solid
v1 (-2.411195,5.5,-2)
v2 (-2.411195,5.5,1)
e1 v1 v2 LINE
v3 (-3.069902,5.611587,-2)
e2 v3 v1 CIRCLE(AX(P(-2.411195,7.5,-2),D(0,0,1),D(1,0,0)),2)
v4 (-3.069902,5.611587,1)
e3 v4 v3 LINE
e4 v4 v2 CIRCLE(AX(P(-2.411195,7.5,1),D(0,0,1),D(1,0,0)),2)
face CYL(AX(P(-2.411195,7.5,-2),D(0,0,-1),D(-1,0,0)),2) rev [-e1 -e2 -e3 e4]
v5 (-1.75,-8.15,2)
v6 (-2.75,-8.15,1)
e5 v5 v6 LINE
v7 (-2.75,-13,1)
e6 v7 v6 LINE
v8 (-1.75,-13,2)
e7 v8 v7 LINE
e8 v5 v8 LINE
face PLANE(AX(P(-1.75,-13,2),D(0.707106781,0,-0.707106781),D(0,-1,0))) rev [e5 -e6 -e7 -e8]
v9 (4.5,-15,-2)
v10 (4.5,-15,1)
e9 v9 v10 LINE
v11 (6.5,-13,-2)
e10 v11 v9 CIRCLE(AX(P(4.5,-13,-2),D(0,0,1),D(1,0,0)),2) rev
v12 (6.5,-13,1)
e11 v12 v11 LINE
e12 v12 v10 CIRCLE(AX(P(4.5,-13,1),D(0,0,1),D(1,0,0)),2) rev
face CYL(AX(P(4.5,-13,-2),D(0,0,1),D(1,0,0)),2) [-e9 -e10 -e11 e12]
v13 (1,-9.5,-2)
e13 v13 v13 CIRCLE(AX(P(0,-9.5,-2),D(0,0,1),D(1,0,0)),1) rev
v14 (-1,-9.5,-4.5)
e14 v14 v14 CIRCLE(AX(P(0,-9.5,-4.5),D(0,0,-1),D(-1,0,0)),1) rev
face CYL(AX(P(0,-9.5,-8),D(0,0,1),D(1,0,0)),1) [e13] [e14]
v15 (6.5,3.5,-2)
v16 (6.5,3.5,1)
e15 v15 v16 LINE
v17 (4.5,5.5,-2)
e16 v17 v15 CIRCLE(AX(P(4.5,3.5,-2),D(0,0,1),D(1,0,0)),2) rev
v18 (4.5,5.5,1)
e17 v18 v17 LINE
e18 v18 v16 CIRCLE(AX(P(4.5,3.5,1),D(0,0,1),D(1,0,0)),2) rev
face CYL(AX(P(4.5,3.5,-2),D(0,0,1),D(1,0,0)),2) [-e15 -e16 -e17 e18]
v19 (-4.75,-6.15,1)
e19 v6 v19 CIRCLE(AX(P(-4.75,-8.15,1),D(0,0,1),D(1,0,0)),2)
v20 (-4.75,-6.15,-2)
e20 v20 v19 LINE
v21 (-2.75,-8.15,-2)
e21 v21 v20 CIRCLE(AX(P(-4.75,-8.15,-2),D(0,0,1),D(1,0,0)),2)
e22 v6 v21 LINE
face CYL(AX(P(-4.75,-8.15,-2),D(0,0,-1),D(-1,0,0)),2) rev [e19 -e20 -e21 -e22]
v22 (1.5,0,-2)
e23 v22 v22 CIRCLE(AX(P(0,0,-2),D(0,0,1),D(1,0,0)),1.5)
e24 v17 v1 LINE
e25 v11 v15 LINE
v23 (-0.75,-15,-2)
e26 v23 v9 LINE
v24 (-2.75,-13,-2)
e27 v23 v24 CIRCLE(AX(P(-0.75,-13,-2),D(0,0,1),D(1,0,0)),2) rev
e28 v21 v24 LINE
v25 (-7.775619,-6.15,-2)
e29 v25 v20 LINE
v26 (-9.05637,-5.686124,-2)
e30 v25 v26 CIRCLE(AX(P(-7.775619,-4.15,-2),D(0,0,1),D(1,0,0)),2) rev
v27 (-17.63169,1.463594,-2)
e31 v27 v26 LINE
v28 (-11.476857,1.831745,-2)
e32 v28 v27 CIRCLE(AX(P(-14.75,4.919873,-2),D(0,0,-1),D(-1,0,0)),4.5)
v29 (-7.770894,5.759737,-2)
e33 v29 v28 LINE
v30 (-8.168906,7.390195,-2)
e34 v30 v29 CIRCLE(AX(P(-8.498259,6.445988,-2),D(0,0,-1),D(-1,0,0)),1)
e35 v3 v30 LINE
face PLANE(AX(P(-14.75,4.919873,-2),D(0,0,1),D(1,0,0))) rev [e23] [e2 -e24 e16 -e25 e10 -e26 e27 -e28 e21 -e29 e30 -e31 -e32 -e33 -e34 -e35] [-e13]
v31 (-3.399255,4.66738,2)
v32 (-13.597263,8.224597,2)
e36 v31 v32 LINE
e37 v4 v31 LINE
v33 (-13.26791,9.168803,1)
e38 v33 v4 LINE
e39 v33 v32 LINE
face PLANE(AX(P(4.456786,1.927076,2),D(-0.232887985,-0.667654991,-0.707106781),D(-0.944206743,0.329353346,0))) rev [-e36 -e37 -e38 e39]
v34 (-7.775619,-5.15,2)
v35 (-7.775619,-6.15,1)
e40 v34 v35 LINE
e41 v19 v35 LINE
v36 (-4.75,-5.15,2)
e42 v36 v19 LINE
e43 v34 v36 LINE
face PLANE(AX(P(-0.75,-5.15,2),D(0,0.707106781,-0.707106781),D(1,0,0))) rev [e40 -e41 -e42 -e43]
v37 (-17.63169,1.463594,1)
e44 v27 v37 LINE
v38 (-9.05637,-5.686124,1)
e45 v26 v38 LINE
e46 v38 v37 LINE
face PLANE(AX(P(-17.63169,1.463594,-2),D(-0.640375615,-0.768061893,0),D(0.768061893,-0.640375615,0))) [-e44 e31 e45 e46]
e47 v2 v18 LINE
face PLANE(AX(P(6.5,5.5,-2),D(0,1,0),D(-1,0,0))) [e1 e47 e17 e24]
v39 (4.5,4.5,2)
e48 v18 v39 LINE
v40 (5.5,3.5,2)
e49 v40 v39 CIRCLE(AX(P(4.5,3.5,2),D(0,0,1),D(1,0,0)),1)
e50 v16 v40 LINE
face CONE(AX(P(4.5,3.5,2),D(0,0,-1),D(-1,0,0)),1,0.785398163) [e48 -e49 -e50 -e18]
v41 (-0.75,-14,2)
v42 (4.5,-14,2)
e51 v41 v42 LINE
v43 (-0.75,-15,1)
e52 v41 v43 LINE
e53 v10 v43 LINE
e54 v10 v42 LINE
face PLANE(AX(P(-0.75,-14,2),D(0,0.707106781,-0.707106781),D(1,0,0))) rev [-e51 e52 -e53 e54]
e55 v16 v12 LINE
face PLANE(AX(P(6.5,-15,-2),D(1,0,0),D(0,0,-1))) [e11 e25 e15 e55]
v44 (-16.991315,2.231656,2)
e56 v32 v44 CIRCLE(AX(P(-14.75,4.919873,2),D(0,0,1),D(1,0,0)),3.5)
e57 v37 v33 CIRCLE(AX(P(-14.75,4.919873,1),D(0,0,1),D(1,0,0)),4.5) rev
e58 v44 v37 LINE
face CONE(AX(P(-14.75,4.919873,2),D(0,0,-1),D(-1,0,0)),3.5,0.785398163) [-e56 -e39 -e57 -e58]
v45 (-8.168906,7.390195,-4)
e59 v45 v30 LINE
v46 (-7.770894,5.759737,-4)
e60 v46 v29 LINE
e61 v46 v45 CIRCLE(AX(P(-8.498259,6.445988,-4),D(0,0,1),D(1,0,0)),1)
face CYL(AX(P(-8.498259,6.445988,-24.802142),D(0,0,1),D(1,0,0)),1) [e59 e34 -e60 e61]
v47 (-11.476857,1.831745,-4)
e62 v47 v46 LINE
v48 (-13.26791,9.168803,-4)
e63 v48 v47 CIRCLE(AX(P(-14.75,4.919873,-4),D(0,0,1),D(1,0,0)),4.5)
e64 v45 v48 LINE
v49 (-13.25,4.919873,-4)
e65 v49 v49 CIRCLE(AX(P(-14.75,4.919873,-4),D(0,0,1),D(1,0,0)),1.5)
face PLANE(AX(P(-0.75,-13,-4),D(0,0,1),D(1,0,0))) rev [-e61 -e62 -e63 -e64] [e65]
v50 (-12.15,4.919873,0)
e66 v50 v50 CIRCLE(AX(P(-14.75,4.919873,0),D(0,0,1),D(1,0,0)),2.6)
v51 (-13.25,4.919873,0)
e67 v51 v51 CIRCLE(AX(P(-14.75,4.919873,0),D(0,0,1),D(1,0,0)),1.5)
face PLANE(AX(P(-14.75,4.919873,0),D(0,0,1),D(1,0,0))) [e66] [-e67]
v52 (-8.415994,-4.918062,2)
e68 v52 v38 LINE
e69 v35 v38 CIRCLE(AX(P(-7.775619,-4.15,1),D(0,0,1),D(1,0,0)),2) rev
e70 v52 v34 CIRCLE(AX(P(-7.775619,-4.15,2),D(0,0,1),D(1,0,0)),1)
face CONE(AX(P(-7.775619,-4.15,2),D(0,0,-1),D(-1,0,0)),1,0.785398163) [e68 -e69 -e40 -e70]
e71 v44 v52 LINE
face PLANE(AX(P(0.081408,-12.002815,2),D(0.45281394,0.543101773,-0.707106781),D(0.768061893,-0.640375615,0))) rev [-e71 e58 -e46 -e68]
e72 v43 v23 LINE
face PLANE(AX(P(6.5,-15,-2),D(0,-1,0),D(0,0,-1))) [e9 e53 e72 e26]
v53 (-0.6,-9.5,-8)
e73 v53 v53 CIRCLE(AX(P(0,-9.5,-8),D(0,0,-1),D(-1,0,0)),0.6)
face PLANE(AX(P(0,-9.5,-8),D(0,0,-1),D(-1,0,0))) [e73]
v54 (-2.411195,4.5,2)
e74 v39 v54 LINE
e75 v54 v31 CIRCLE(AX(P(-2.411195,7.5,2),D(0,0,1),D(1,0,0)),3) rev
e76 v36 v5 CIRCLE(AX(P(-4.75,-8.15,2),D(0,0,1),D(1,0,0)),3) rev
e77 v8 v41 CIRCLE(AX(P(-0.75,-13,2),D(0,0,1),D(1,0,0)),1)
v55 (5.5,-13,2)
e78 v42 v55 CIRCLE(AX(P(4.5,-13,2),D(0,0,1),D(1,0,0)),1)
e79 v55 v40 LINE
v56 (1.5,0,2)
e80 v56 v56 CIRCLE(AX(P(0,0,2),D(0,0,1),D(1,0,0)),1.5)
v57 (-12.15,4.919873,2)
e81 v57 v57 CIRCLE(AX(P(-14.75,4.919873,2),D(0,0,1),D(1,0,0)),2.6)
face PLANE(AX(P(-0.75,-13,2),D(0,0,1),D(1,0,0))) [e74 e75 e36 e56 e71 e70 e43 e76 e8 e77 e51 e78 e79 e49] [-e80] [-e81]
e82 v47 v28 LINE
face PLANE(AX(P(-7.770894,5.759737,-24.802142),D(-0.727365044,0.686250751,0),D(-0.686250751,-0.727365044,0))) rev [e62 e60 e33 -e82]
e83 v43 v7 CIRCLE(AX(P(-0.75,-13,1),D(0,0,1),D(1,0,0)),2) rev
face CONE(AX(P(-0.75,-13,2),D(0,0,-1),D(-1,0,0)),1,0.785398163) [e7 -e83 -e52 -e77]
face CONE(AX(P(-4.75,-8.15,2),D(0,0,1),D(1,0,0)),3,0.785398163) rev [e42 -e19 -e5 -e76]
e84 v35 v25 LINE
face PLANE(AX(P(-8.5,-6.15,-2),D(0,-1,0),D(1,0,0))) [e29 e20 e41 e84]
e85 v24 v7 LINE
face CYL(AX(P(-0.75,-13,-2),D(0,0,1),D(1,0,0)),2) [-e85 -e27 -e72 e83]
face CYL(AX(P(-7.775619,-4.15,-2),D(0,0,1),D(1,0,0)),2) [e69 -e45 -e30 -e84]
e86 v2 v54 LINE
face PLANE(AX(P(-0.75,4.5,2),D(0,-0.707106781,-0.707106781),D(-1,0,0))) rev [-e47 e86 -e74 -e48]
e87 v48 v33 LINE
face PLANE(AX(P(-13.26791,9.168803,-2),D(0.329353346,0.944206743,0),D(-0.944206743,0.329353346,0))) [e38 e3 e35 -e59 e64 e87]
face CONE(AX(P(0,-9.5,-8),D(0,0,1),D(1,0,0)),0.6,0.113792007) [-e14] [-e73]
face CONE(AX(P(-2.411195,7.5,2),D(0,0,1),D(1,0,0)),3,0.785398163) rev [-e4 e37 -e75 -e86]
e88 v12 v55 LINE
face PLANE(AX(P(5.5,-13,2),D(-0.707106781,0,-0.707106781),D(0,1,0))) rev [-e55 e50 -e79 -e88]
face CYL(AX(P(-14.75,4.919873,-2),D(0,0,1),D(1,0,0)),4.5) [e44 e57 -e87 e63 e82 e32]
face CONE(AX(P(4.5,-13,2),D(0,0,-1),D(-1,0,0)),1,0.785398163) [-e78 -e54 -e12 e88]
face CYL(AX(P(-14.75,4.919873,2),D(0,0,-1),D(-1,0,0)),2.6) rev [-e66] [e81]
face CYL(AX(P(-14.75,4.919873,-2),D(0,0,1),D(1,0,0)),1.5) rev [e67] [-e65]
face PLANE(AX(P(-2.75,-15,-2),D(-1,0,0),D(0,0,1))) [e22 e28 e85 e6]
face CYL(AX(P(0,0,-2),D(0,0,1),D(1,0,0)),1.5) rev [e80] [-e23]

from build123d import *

# Parameters (mm, degrees)
SKETCH1_R           = 1.5
BOSS_EXTRUDE1_DEPTH = 2
FILLET1_R           = 2
SKETCH2_R           = 1.5
SKETCH2_R_2         = 2.6
BOSS_EXTRUDE2_DEPTH = 2
CHAMFER1_SIZE       = 1
SKETCH3_R           = 1
BOSS_EXTRUDE3_DEPTH = 6
CHAMFER2_SIZE       = 3.5
CHAMFER2_SIZE2      = 0.4
SKETCH4_R           = 1.5
BOSS_EXTRUDE4_DEPTH = 2


with BuildPart() as part:
    # Sketch1 → Boss-Extrude1 (new body)
    with BuildSketch(Plane.XY):
        with BuildLine():
            Line((-2.75, -15), (-2.75, -6.15))
            Line((-2.75, -6.15), (-8.5, -6.15))
            Line((-8.5, -6.15), (-17.631690269, 1.463594463))
            ThreePointArc((-17.631690269, 1.463594463), (-18.665645679, 7.137466027), (-13.267909941, 9.168803324))
            Line((-13.267909941, 9.168803324), (-2.75, 5.5))
            Line((-2.75, 5.5), (6.5, 5.5))
            Line((6.5, 5.5), (6.5, -15))
            Line((6.5, -15), (-2.75, -15))
        make_face()
        Circle(SKETCH1_R, mode=Mode.SUBTRACT)
        with Locations((-14.75, 4.919872981)):
            Circle(SKETCH1_R, mode=Mode.SUBTRACT)
    extrude(amount=-BOSS_EXTRUDE1_DEPTH)

    # Fillet1
    fillet1_edges = [part.edges().sort_by_distance(p)[0] for p in [
        (6.5, -15, -1),
        (-2.75, -15, -1),
        (-2.75, -6.15, -1),
        (-8.5, -6.15, -1),
        (-2.75, 5.5, -1),
        (6.5, 5.5, -1),
    ]]
    fillet(fillet1_edges, radius=FILLET1_R)

    # Sketch2 → Boss-Extrude2 (add)
    with BuildSketch(Plane.XY):
        with BuildLine():
            Line((-0.75, -15), (4.5, -15))
            ThreePointArc((4.5, -15), (5.914213562, -14.414213562), (6.5, -13))
            Line((6.5, -13), (6.5, 3.5))
            ThreePointArc((6.5, 3.5), (5.914213562, 4.914213562), (4.5, 5.5))
            Line((4.5, 5.5), (-2.41119514, 5.5))
            ThreePointArc((-2.41119514, 5.5), (-2.745240817, 5.528093946), (-3.069901833, 5.611586514))
            Line((-3.069901833, 5.611586514), (-13.267909941, 9.168803324))
            ThreePointArc((-13.267909941, 9.168803324), (-18.665645679, 7.137466027), (-17.631690269, 1.463594463))
            Line((-17.631690269, 1.463594463), (-9.056369785, -5.686123786))
            ThreePointArc((-9.056369785, -5.686123786), (-8.456703141, -6.030458398), (-7.775618554, -6.15))
            Line((-7.775618554, -6.15), (-4.75, -6.15))
            ThreePointArc((-4.75, -6.15), (-3.335786438, -6.735786438), (-2.75, -8.15))
            Line((-2.75, -8.15), (-2.75, -13))
            ThreePointArc((-2.75, -13), (-2.164213562, -14.414213562), (-0.75, -15))
        make_face()
        Circle(SKETCH2_R, mode=Mode.SUBTRACT)
        with Locations((-14.75, 4.919872981)):
            Circle(SKETCH2_R_2, mode=Mode.SUBTRACT)
    extrude(amount=BOSS_EXTRUDE2_DEPTH)

    # Chamfer1
    chamfer1_edges = [part.edges().sort_by_distance(p)[0] for p in [
        (-2.164213562, -14.414213562, 2),
        (1.875, -15, 2),
        (5.914213562, -14.414213562, 2),
        (6.5, -4.75, 2),
        (5.914213562, 4.914213562, 2),
        (1.04440243, 5.5, 2),
        (-2.745240817, 5.528093946, 2),
        (-8.168905887, 7.390194919, 2),
        (-18.665645679, 7.137466027, 2),
        (-13.344030027, -2.111264661, 2),
        (-8.456703141, -6.030458398, 2),
        (-6.262809277, -6.15, 2),
        (-3.335786438, -6.735786438, 2),
        (-2.75, -10.575, 2),
    ]]
    chamfer(chamfer1_edges, length=CHAMFER1_SIZE)

    # Sketch3 → Boss-Extrude3 (add)
    with BuildSketch(Plane(origin=(0, 0, -2), x_dir=(-1, 0, 0), z_dir=(0, 0, -1))):
        with Locations(Location((0, -9.5, 0), (0, 0, 180))):
            Circle(SKETCH3_R)
    extrude(amount=BOSS_EXTRUDE3_DEPTH)

    # Chamfer2
    chamfer2_edges = [part.edges().sort_by_distance(p)[0] for p in [
        (-1, -9.5, -8),
    ]]
    chamfer2_side = [part.faces().sort_by_distance(p)[0] for p in [
        (-1, -9.5, -5),
    ]]
    chamfer(chamfer2_edges, length=CHAMFER2_SIZE, length2=CHAMFER2_SIZE2, reference=chamfer2_side[0])

    # Sketch4 → Boss-Extrude4 (add)
    with BuildSketch(Plane(origin=(0, 0, -2), x_dir=(-1, 0, 0), z_dir=(0, 0, -1))):
        with BuildLine():
            Line((13.267909941, 9.168803324), (8.168905887, 7.390194919))
            ThreePointArc((8.168905887, 7.390194919), (7.526785431, 6.683135075), (7.770894189, 5.759737426))
            Line((7.770894189, 5.759737426), (11.476857302, 1.831744604))
            ThreePointArc((11.476857302, 1.831744604), (19.121632111, 3.852711939), (13.267909941, 9.168803324))
        make_face()
        with Locations(Location((14.75, 4.919872981, 0), (0, 0, 180))):
            Circle(SKETCH4_R, mode=Mode.SUBTRACT)
    extrude(amount=BOSS_EXTRUDE4_DEPTH)


solid = part.part
